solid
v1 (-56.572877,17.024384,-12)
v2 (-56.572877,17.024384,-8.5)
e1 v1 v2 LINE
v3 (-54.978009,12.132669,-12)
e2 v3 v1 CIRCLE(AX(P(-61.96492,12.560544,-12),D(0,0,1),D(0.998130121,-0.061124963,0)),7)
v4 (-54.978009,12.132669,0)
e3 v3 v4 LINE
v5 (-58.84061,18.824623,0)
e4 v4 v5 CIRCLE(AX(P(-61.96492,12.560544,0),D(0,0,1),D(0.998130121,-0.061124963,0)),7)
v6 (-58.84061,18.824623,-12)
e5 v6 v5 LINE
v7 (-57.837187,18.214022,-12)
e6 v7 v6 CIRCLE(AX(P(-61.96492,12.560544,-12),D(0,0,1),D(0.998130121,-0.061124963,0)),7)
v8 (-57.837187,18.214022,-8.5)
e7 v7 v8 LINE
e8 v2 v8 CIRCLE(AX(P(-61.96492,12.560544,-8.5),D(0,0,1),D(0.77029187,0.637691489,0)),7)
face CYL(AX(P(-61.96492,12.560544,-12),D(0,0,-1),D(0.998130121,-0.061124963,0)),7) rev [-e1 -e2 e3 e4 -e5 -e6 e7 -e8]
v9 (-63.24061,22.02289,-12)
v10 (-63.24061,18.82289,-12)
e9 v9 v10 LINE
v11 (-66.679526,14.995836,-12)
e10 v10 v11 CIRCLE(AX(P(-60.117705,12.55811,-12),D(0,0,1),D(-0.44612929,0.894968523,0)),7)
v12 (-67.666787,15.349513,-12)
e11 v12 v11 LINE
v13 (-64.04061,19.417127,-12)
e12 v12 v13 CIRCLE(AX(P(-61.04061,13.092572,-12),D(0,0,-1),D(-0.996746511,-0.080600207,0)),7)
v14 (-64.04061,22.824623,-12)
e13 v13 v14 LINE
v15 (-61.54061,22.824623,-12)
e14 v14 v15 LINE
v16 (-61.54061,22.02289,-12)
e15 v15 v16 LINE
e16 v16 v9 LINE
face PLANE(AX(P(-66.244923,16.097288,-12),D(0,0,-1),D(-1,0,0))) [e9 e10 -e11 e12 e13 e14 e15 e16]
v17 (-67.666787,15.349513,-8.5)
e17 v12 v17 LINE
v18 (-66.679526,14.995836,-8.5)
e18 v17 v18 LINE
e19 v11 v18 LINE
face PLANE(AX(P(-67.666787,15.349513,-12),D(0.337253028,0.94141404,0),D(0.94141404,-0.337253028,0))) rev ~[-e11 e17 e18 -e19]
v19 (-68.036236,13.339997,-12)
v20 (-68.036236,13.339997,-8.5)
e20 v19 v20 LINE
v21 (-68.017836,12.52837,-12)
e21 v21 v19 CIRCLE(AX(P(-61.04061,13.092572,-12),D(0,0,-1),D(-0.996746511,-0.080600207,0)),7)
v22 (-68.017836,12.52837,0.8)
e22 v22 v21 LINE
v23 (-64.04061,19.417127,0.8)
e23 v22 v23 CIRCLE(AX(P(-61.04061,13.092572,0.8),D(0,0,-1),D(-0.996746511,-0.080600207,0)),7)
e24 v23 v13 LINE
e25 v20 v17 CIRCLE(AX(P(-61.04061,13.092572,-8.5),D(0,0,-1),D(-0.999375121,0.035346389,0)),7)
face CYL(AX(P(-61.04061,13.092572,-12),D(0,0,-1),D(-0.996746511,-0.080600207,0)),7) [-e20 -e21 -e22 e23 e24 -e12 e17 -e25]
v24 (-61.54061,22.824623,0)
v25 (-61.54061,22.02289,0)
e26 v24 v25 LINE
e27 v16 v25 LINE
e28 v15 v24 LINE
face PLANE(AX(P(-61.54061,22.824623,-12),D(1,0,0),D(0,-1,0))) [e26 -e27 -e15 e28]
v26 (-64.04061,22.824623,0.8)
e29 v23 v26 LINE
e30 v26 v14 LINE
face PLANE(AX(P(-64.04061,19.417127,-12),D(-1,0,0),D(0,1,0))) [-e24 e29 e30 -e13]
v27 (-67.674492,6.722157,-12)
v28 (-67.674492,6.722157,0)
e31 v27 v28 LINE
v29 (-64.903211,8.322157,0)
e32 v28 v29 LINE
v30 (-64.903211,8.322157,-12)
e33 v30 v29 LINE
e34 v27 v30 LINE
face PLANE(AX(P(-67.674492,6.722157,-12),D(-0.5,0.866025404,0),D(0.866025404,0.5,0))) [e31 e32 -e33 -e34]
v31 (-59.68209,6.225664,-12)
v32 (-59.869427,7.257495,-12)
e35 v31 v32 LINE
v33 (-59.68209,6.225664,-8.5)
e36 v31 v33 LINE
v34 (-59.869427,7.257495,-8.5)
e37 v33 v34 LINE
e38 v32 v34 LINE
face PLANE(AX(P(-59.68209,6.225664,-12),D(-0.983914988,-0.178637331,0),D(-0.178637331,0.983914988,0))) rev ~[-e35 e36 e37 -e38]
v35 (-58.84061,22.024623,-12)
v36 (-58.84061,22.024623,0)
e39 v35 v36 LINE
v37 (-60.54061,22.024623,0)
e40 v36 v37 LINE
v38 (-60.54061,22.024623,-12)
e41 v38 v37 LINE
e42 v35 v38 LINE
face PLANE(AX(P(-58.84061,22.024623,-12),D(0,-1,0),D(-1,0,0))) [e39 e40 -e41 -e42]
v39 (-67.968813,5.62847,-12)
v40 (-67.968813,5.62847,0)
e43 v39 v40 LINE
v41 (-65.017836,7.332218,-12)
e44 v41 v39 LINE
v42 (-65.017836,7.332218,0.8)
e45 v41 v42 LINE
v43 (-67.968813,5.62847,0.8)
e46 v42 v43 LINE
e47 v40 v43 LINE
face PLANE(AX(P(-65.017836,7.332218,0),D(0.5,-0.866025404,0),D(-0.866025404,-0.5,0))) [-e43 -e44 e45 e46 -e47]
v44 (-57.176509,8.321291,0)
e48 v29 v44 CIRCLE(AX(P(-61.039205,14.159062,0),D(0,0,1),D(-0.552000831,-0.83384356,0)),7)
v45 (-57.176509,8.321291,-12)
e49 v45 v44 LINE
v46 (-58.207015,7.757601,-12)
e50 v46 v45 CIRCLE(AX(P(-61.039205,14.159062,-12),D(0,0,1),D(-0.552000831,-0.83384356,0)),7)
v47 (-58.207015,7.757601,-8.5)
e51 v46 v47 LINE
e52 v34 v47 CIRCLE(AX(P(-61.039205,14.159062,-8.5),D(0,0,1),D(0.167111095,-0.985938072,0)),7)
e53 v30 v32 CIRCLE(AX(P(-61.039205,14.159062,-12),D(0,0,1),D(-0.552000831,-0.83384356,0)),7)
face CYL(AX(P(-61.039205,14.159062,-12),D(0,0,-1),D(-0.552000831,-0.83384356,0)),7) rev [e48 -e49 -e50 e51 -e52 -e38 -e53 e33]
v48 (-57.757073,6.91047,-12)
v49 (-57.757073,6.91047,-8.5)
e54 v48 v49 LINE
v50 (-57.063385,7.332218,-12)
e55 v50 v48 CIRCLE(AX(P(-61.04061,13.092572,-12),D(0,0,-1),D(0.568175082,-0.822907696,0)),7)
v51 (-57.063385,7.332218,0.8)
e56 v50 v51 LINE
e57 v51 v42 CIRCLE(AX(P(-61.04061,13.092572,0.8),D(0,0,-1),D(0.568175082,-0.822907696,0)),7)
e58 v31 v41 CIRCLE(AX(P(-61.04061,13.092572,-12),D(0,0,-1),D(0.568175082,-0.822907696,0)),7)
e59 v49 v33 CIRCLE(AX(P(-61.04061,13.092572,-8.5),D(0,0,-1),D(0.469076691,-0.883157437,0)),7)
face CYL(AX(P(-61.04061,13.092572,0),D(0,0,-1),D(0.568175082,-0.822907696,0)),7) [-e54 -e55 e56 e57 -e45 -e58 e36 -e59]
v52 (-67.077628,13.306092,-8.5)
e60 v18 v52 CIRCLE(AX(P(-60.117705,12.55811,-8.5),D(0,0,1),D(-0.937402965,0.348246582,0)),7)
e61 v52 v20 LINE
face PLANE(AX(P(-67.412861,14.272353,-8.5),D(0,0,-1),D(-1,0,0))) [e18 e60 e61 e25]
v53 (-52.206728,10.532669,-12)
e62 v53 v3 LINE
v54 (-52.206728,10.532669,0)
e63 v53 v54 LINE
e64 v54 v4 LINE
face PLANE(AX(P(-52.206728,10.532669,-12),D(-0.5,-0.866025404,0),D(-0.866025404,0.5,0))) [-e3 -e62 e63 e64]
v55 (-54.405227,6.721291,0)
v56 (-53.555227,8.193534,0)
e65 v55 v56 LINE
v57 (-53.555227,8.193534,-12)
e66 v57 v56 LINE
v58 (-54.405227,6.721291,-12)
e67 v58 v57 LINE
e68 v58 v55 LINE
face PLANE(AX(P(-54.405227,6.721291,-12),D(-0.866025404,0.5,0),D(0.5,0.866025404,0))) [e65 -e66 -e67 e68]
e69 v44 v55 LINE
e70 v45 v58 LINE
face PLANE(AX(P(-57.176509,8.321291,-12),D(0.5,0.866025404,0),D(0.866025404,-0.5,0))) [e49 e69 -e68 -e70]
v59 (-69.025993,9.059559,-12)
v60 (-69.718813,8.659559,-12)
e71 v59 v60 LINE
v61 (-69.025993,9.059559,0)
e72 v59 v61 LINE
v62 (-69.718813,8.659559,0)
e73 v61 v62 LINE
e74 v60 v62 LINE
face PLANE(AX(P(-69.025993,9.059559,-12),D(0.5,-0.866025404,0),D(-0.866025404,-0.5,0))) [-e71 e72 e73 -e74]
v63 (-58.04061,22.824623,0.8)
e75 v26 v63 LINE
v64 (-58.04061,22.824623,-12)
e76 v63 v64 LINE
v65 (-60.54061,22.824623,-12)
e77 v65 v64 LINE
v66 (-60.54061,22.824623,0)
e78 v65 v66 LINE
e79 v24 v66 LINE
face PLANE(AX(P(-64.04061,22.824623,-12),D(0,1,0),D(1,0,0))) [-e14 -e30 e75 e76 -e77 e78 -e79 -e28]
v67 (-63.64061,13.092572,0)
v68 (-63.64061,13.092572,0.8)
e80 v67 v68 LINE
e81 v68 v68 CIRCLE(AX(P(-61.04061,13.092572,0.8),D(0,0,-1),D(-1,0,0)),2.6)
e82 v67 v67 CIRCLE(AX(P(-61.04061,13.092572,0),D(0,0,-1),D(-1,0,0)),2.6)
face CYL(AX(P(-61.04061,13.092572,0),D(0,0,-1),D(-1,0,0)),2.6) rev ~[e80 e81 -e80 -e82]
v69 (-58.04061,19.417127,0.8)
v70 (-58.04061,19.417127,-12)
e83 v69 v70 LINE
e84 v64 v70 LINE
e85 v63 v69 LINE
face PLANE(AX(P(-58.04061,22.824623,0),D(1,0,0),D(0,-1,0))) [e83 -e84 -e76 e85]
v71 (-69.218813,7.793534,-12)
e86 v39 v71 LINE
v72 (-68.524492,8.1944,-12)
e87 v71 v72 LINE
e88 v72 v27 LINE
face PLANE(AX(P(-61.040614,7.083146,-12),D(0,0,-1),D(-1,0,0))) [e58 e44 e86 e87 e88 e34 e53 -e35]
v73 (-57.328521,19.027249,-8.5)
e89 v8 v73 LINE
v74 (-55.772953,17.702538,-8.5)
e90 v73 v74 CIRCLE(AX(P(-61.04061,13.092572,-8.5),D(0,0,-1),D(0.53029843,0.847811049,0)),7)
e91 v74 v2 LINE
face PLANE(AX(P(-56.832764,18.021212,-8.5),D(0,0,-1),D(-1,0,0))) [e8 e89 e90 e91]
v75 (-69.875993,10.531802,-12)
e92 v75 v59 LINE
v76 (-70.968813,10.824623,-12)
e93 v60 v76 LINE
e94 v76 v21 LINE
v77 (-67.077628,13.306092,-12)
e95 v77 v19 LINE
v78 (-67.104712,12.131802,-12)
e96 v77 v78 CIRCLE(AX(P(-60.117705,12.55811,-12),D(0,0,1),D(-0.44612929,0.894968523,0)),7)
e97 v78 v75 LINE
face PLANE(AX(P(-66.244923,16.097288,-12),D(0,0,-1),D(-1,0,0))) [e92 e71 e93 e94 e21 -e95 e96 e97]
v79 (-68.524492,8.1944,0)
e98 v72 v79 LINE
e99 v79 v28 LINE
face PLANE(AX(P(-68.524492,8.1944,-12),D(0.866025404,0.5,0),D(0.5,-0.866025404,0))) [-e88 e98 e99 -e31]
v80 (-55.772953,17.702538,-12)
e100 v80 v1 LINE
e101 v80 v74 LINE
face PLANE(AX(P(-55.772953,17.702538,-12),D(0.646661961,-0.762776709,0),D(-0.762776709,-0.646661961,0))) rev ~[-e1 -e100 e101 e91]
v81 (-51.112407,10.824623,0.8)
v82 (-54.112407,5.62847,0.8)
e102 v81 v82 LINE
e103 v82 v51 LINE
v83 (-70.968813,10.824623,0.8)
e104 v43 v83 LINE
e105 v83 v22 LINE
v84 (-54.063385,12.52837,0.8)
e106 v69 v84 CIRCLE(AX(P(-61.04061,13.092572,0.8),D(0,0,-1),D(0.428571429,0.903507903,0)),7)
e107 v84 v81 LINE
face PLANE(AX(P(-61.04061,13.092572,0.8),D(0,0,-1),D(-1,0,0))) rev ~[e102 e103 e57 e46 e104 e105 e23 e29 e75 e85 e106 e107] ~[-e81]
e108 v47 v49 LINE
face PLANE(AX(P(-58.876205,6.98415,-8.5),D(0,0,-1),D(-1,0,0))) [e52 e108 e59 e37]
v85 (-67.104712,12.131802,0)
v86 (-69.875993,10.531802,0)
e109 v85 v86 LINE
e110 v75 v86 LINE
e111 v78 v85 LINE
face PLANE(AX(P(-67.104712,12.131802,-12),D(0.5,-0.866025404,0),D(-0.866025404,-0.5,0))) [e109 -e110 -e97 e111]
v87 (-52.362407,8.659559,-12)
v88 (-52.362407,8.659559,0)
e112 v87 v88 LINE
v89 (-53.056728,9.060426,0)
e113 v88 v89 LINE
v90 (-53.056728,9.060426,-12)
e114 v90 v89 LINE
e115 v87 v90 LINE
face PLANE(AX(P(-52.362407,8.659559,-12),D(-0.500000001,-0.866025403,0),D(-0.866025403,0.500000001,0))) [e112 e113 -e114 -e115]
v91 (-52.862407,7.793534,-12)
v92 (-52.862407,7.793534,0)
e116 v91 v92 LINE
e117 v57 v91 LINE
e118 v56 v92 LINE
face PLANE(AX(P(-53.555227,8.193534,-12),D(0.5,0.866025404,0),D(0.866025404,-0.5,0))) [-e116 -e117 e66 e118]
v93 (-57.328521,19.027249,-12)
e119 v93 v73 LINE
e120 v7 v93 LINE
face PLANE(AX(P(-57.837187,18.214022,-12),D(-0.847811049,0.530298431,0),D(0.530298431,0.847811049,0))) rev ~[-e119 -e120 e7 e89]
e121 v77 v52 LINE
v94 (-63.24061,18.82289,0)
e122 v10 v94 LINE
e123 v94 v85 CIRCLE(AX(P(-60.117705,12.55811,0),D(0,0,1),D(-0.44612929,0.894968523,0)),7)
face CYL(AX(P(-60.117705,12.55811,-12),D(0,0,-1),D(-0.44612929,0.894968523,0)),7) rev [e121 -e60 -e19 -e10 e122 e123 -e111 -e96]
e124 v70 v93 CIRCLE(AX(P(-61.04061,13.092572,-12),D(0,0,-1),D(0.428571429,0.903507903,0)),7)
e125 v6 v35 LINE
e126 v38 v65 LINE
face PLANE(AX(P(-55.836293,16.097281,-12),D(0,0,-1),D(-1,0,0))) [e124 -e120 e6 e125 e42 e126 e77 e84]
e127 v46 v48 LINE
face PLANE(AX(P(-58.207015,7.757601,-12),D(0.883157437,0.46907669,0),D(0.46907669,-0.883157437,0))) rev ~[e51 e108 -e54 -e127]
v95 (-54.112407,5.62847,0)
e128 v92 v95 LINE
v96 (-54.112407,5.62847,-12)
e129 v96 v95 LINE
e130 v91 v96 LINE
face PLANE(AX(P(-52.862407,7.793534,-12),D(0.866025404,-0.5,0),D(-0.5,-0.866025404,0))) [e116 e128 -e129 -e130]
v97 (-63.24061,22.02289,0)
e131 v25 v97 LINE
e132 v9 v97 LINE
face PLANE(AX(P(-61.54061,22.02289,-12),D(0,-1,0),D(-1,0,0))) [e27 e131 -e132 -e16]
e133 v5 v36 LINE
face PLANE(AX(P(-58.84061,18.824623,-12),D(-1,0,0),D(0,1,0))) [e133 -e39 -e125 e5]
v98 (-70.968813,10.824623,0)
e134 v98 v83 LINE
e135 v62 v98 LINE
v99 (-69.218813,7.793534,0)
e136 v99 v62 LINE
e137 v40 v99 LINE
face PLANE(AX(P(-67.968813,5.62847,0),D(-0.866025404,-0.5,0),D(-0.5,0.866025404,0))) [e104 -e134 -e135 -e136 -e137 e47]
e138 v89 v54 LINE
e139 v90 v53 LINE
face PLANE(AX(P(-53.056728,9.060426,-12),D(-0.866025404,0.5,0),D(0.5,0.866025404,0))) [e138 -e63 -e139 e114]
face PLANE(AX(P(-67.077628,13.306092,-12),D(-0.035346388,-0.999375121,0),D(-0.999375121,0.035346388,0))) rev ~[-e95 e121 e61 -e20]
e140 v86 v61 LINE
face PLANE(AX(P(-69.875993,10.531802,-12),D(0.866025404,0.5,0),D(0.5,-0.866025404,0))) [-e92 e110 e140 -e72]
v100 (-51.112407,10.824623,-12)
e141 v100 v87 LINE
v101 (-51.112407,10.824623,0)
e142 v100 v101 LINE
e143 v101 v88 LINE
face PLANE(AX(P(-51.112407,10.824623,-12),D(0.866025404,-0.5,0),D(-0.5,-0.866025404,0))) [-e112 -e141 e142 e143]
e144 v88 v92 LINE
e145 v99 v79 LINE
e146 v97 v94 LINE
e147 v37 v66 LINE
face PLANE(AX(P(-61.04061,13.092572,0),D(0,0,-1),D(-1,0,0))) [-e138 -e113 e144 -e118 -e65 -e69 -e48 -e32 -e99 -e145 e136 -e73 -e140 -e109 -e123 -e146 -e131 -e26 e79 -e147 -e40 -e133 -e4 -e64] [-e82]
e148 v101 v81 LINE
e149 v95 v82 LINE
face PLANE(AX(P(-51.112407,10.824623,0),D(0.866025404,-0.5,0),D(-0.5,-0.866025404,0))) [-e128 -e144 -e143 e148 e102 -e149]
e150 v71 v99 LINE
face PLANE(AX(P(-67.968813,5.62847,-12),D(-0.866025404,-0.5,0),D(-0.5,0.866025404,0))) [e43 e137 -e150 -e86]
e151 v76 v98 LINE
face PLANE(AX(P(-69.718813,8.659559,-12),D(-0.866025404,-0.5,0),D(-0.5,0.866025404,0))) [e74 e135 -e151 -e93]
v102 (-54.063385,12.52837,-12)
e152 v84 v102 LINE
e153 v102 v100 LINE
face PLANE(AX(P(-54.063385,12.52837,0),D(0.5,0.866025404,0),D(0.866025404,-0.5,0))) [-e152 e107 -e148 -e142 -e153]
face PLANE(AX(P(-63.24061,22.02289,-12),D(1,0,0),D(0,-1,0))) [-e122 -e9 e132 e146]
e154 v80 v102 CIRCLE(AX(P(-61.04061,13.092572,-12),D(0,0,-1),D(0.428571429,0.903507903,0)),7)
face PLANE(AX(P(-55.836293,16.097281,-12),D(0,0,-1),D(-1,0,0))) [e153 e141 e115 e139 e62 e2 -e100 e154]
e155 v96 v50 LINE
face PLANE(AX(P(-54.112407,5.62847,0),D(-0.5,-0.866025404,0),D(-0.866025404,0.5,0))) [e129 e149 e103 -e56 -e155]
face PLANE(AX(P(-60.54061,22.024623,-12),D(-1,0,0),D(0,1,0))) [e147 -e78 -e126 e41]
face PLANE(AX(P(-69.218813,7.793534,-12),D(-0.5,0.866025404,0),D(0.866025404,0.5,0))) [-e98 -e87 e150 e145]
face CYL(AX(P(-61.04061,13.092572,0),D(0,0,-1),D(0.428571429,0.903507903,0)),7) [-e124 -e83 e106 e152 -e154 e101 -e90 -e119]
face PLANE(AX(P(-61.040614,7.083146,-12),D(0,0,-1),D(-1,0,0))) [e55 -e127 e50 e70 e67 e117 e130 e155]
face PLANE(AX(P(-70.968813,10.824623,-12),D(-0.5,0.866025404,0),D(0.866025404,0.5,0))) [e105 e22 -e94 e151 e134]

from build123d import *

# Parameters (mm, degrees)
SALIENTE_EXTRUIR1_DEPTH = 0.8
SALIENTE_EXTRUIR2_START = 12
SALIENTE_EXTRUIR2_DEPTH = 12
CROQUIS3_R              = 2.6
CORTAR_EXTRUIR1_DEPTH   = 0.8
CORTAR_EXTRUIR2_DEPTH   = 3.5


with BuildPart() as part:
    # Croquis1 → Saliente-Extruir1 (new body)
    with BuildSketch(Plane.XY):
        with BuildLine():
            Line((-64.04061015, 19.417127137), (-64.04061015, 22.824622624))
            Line((-64.04061015, 22.824622624), (-58.04061015, 22.824622624))
            Line((-58.04061015, 22.824622624), (-58.04061015, 19.417127137))
            ThreePointArc((-58.04061015, 19.417127137), (-54.978432324, 16.592571816), (-54.063384575, 12.528370368))
            Line((-54.063384575, 12.528370368), (-51.11240692, 10.824622624))
            Line((-51.11240692, 10.824622624), (-54.11240692, 5.628470201))
            Line((-54.11240692, 5.628470201), (-57.063384575, 7.332217945))
            ThreePointArc((-57.063384575, 7.332217945), (-61.04061015, 6.092571816), (-65.017835725, 7.332217945))
            Line((-65.017835725, 7.332217945), (-67.96881338, 5.628470201))
            Line((-67.96881338, 5.628470201), (-70.96881338, 10.824622624))
            Line((-70.96881338, 10.824622624), (-68.017835725, 12.528370368))
            ThreePointArc((-68.017835725, 12.528370368), (-67.102787977, 16.592571816), (-64.04061015, 19.417127137))
        make_face()
    extrude(amount=SALIENTE_EXTRUIR1_DEPTH)

    # Croquis2 → Saliente-Extruir2 (add)
    with BuildSketch(Plane(origin=(0, 0, 0), x_dir=(-1, 0, 0), z_dir=(0, 0, -1)).offset(SALIENTE_EXTRUIR2_START)):
        with BuildLine():
            Line((69.71881338, 8.659559114), (70.96881338, 10.824622624))
            Line((70.96881338, 10.824622624), (68.017835725, 12.528370368))
            ThreePointArc((68.017835725, 12.528370368), (67.102787977, 16.592571816), (64.04061015, 19.417127137))
            Line((64.04061015, 19.417127137), (64.04061015, 22.824622624))
            Line((64.04061015, 22.824622624), (61.54061015, 22.824622624))
            Line((61.54061015, 22.824622624), (61.54061015, 22.022889547))
            Line((61.54061015, 22.022889547), (63.24061015, 22.022889547))
            Line((63.24061015, 22.022889547), (63.24061015, 18.822889547))
            ThreePointArc((63.24061015, 18.822889547), (66.17949039, 16.05878973), (67.104711765, 12.131802301))
            Line((67.104711765, 12.131802301), (69.875993057, 10.531802301))
            Line((69.875993057, 10.531802301), (69.025993057, 9.059559114))
            Line((69.025993057, 9.059559114), (69.71881338, 8.659559114))
        make_face()
        with BuildLine():
            Line((65.017835725, 7.332217945), (67.96881338, 5.628470201))
            Line((67.96881338, 5.628470201), (69.21881338, 7.793533711))
            Line((69.21881338, 7.793533711), (68.524492169, 8.194400249))
            Line((68.524492169, 8.194400249), (67.674492169, 6.722157062))
            Line((67.674492169, 6.722157062), (64.903210877, 8.322157062))
            ThreePointArc((64.903210877, 8.322157062), (61.039990097, 7.159062025), (57.176508535, 8.321290524))
            Line((57.176508535, 8.321290524), (54.405227243, 6.721290524))
            Line((54.405227243, 6.721290524), (53.555227243, 8.193533711))
            Line((53.555227243, 8.193533711), (52.86240692, 7.793533711))
            Line((52.86240692, 7.793533711), (54.11240692, 5.628470201))
            Line((54.11240692, 5.628470201), (57.063384575, 7.332217945))
            ThreePointArc((57.063384575, 7.332217945), (61.04061015, 6.092571816), (65.017835725, 7.332217945))
        make_face()
        with BuildLine():
            Line((54.063384575, 12.528370368), (51.11240692, 10.824622624))
            Line((51.11240692, 10.824622624), (52.36240692, 8.659559114))
            Line((52.36240692, 8.659559114), (53.056728131, 9.060425653))
            Line((53.056728131, 9.060425653), (52.206728131, 10.532668839))
            Line((52.206728131, 10.532668839), (54.978009423, 12.132668839))
            ThreePointArc((54.978009423, 12.132668839), (55.902349964, 16.059863694), (58.84061015, 18.824622624))
            Line((58.84061015, 18.824622624), (58.84061015, 22.024622624))
            Line((58.84061015, 22.024622624), (60.54061015, 22.024622624))
            Line((60.54061015, 22.024622624), (60.54061015, 22.824622624))
            Line((60.54061015, 22.824622624), (58.04061015, 22.824622624))
            Line((58.04061015, 22.824622624), (58.04061015, 19.417127137))
            ThreePointArc((58.04061015, 19.417127137), (54.978432324, 16.592571816), (54.063384575, 12.528370368))
        make_face()
    extrude(amount=-SALIENTE_EXTRUIR2_DEPTH)

    # Croquis3 → Cortar-Extruir1 (cut)
    with BuildSketch(Plane(origin=(0, 0, 0), x_dir=(-1, 0, 0), z_dir=(0, 0, -1))):
        with Locations((61.04061015, 13.092571816)):
            Circle(CROQUIS3_R)
    extrude(amount=-CORTAR_EXTRUIR1_DEPTH, mode=Mode.SUBTRACT)

    # Croquis4 → Cortar-Extruir2 (cut)
    with BuildSketch(Plane(origin=(0, 0, -12), x_dir=(-1, 0, 0), z_dir=(0, 0, -1))):
        with BuildLine():
            Line((57.837187447, 18.214022309), (57.328521133, 19.027249156))
            ThreePointArc((57.328521133, 19.027249156), (56.502144155, 18.421955122), (55.772953312, 17.70253835))
            Line((55.772953312, 17.70253835), (56.572877184, 17.024384005))
            ThreePointArc((56.572877184, 17.024384005), (57.168010519, 17.658548761), (57.837187447, 18.214022309))
        make_face()
        with BuildLine():
            Line((67.077627732, 13.30609201), (68.036235998, 13.339996536))
            ThreePointArc((68.036235998, 13.339996536), (67.925224476, 14.358307009), (67.666786697, 15.34951319))
            Line((67.666786697, 15.34951319), (66.679525872, 14.995835968))
            ThreePointArc((66.679525872, 14.995835968), (66.931161993, 14.163353003), (67.077627732, 13.30609201))
        make_face()
        with BuildLine():
            Line((58.207015271, 7.757601131), (57.757073319, 6.910469757))
            ThreePointArc((57.757073319, 6.910469757), (58.694461819, 6.497453318), (59.682090441, 6.22566391))
            Line((59.682090441, 6.22566391), (59.869427395, 7.257495476))
            ThreePointArc((59.869427395, 7.257495476), (59.022657939, 7.455813685), (58.207015271, 7.757601131))
        make_face()
    extrude(amount=-CORTAR_EXTRUIR2_DEPTH, mode=Mode.SUBTRACT)


solid = part.part
